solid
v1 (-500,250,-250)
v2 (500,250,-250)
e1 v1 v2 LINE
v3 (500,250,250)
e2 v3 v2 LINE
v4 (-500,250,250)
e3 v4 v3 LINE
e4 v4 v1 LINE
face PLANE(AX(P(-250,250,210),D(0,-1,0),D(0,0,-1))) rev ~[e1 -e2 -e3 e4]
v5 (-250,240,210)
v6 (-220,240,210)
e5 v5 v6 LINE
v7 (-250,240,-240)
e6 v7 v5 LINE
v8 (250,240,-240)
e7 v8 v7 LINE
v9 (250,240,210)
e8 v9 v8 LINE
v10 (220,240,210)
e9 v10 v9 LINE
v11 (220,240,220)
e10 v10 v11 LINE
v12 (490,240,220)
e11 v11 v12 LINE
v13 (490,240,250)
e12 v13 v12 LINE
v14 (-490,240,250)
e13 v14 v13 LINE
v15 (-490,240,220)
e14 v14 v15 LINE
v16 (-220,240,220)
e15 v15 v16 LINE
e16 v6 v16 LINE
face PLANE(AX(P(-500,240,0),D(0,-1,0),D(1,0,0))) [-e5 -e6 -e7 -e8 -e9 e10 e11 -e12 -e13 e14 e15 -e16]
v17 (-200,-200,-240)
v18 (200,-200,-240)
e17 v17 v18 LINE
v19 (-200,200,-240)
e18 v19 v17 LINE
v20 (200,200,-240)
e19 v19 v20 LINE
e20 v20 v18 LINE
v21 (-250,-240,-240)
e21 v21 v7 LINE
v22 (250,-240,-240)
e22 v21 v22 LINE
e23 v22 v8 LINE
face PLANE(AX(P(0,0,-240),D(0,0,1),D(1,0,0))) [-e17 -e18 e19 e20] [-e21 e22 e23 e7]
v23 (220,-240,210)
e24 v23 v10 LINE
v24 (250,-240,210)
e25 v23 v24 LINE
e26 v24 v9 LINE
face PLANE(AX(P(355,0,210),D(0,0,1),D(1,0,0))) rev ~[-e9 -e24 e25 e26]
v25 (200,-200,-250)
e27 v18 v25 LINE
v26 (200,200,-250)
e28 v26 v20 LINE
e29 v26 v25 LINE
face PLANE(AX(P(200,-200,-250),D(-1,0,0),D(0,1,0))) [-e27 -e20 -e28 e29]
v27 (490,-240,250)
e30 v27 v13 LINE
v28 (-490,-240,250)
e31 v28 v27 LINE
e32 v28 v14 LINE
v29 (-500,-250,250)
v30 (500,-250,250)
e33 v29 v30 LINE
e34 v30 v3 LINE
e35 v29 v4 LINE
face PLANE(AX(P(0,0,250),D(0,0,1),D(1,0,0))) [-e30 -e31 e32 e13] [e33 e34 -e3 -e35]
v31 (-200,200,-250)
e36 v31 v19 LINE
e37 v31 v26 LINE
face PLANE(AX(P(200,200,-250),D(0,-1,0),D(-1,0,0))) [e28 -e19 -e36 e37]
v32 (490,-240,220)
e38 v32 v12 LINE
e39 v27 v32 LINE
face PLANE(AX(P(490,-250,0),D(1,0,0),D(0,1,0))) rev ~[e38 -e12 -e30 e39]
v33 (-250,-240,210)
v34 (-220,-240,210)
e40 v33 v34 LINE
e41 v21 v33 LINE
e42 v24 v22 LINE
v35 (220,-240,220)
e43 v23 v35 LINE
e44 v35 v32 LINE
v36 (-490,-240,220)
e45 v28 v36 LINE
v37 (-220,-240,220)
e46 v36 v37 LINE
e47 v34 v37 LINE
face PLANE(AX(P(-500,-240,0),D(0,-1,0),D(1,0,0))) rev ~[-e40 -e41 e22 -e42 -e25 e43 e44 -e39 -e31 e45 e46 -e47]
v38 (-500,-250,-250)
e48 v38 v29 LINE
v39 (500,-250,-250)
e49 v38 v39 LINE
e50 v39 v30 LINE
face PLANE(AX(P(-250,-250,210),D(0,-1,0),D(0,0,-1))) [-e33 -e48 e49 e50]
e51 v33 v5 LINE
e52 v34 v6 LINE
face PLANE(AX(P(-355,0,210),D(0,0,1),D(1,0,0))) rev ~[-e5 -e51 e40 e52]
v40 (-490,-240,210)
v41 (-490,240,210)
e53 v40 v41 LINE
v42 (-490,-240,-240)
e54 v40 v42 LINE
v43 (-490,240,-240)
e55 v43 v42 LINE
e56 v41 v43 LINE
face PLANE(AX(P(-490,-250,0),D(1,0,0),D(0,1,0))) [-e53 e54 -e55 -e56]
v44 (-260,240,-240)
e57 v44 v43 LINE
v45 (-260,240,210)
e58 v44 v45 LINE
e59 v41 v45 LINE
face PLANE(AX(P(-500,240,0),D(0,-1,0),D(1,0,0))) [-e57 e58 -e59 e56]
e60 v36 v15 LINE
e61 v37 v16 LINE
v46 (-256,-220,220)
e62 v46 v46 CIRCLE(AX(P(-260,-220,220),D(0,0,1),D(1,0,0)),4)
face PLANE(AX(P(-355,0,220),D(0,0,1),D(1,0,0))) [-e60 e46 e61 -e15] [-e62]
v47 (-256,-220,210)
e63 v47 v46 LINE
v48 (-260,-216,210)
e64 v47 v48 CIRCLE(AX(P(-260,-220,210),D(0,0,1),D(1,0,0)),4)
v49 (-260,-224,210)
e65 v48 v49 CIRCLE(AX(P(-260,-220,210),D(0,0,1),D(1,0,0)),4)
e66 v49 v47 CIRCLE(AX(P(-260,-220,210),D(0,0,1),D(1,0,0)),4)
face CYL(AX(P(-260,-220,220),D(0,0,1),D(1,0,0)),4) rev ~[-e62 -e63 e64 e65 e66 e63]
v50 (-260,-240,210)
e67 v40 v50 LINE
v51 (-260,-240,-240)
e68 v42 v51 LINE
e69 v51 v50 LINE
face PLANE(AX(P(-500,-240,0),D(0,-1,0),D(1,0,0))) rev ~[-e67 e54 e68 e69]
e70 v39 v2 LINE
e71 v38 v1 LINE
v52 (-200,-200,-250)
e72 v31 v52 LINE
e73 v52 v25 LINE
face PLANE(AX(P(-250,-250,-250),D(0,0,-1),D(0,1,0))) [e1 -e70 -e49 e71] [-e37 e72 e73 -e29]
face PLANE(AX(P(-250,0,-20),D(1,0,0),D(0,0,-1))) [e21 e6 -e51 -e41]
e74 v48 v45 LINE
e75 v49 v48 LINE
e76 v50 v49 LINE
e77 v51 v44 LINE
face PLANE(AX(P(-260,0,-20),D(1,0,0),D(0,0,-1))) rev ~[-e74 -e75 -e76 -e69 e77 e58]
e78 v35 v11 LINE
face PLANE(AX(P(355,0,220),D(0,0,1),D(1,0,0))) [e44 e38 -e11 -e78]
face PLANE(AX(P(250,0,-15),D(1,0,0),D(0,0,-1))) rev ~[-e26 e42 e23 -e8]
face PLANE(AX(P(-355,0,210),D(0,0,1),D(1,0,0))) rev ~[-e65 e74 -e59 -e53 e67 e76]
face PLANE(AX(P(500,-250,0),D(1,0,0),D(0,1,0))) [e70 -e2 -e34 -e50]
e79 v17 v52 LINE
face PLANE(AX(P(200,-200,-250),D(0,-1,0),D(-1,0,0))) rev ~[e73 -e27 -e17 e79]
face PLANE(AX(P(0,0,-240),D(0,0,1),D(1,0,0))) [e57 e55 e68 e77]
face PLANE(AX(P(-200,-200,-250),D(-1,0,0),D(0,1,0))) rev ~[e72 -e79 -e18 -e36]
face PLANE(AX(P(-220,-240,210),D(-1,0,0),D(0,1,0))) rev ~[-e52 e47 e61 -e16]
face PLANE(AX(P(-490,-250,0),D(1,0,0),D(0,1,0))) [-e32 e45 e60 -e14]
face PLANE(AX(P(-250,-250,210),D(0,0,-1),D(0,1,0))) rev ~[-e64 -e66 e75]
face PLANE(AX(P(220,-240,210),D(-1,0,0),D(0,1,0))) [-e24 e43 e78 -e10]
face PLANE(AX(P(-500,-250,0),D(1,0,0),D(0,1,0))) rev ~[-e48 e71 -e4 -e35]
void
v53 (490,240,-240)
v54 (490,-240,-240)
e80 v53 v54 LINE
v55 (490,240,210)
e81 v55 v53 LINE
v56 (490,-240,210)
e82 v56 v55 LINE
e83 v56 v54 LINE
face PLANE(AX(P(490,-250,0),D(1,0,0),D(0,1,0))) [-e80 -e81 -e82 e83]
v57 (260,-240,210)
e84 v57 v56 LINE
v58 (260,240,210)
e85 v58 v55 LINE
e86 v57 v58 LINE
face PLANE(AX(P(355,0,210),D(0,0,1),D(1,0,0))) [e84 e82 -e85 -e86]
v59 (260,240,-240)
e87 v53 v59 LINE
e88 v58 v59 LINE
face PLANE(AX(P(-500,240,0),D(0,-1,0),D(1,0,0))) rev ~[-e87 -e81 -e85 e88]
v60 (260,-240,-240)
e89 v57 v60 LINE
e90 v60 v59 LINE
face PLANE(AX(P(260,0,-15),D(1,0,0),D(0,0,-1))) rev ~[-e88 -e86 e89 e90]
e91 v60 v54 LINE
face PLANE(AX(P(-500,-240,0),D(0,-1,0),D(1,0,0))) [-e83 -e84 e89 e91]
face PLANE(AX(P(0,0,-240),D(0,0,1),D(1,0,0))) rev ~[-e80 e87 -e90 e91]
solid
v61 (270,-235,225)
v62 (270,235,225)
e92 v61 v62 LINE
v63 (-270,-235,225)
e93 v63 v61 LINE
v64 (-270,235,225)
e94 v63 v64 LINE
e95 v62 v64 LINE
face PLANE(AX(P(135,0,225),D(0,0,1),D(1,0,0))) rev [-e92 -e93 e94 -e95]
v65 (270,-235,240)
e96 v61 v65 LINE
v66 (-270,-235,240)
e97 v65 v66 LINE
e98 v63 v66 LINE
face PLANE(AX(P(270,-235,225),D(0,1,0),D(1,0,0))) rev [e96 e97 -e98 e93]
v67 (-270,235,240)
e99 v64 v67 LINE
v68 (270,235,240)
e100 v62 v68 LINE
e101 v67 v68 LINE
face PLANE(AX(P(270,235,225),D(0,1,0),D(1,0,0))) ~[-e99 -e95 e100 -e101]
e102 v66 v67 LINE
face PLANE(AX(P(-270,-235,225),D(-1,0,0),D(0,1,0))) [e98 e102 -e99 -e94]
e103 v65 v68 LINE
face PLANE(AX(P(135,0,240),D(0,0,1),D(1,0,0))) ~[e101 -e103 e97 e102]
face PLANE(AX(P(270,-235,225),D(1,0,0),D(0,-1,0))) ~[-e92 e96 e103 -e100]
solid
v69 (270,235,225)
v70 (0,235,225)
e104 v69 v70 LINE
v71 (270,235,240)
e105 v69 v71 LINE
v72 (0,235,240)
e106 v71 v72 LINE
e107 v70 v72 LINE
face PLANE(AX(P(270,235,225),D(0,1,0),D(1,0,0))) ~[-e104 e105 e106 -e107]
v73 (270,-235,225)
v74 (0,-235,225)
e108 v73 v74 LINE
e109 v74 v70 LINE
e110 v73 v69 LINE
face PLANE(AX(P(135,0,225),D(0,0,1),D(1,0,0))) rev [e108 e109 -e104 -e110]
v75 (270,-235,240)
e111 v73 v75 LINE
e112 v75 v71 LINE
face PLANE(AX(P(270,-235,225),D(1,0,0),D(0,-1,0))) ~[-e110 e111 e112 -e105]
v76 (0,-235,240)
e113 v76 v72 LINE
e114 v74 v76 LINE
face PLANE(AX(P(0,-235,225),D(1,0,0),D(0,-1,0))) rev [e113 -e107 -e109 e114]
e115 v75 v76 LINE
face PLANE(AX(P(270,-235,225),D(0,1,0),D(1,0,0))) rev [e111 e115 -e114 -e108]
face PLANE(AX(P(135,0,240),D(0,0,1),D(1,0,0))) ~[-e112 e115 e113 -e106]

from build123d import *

# Parameters (mm, degrees)
ESBO_O1_W                = 1000
ESBO_O1_H                = 500
RESSALTO_EXTRUS_O1_DEPTH = 250
CASCA1_T                 = -10
ESBO_O3_W                = 400
ESBO_O3_H                = 400
CORTE_EXTRUS_O5_DEPTH    = 250
ESBO_O21_W               = 270
ESBO_O21_H               = 480
RESSALTO_EXTRUS_O3_DEPTH = 10
PADR_O_LINEAR1_COUNT     = 2
PADR_O_LINEAR1_PITCH     = 710
ESBO_O24_R               = 4
CORTE_EXTRUS_O7_DEPTH    = 25
ESBO_O34_W               = 460
ESBO_O34_H               = 500
RESSALTO_EXTRUS_O6_DEPTH = 10
ESBO_O35_W               = 450
ESBO_O35_H               = 480
RESSALTO_EXTRUS_O7_DEPTH = 10
ESBO_O36_W               = 270
ESBO_O36_H               = 470
RESSALTO_EXTRUS_O8_DEPTH = 15


with BuildPart() as part:
    # Esboço1 → Ressalto-extrusão1 (new, symmetric)
    with BuildSketch(Plane.XY):
        Rectangle(ESBO_O1_W, ESBO_O1_H)
    extrude(amount=RESSALTO_EXTRUS_O1_DEPTH, both=True)

    # Casca1
    casca1_openings = [part.faces().sort_by_distance(p)[0] for p in [
        (0, 0, 250),
    ]]
    offset(amount=CASCA1_T, openings=casca1_openings, kind=Kind.INTERSECTION)

    # Esboço3 → Corte-extrusão5 (cut, symmetric)
    with BuildSketch(Plane(origin=(0, 0, -250), x_dir=(-1, 0, 0), z_dir=(0, 0, -1))):
        Rectangle(ESBO_O3_W, ESBO_O3_H)
    extrude(amount=CORTE_EXTRUS_O5_DEPTH, both=True, mode=Mode.SUBTRACT)

    # Esboço21 → Ressalto-extrusão3 (add)
    with BuildSketch(Plane.XY.offset(210)):
        with Locations((-355, 0)):
            Rectangle(ESBO_O21_W, ESBO_O21_H)
    ressalto_extrus_o3 = extrude(amount=RESSALTO_EXTRUS_O3_DEPTH)

    # Padrão linear1: Ressalto-extrusão3 ×2
    with Locations(*[(i * PADR_O_LINEAR1_PITCH, 0, 0) for i in range(1, PADR_O_LINEAR1_COUNT)]):
        add(ressalto_extrus_o3)

    # Esboço24 → Corte-extrusão7 (cut, symmetric)
    with BuildSketch(Plane.XY.offset(220)):
        with Locations((-260, -220)):
            Circle(ESBO_O24_R)
    extrude(amount=CORTE_EXTRUS_O7_DEPTH, both=True, mode=Mode.SUBTRACT)

    # Esboço34 → Ressalto-extrusão6 (add)
    with BuildSketch(Plane(origin=(-250, 0, 0), x_dir=(0, 0, -1), z_dir=(1, 0, 0))):
        with Locations((20, 0)):
            Rectangle(ESBO_O34_W, ESBO_O34_H)
    extrude(amount=-RESSALTO_EXTRUS_O6_DEPTH)

    # Esboço35 → Ressalto-extrusão7 (add)
    with BuildSketch(Plane(origin=(250, 0, 0), x_dir=(0, 0, -1), z_dir=(1, 0, 0))):
        with Locations((15, 0)):
            Rectangle(ESBO_O35_W, ESBO_O35_H)
    extrude(amount=RESSALTO_EXTRUS_O7_DEPTH)


with BuildPart() as body_2:
    # Esboço36 → Ressalto-extrusão8 (new body)
    with BuildSketch(Plane.XY.offset(225)):
        with Locations((-135, 0)):
            Rectangle(ESBO_O36_W, ESBO_O36_H)
    ressalto_extrus_o8 = extrude(amount=RESSALTO_EXTRUS_O8_DEPTH)


with BuildPart() as body_3:
    # Espelhar5: mirrored copy
    add(body_2.part.mirror(Plane(origin=(0, -235, 240), x_dir=(0, 0, 1), z_dir=(-1, 0, 0))))


with BuildPart() as body_2_1:
    add(body_2.part)

    # Espelhar4: Ressalto-extrusão8 across plane
    add(ressalto_extrus_o8.mirror(Plane(origin=(0, -235, 240), x_dir=(0, 0, 1), z_dir=(-1, 0, 0))))


solid = Compound([part.part, body_3.part, body_2_1.part])
